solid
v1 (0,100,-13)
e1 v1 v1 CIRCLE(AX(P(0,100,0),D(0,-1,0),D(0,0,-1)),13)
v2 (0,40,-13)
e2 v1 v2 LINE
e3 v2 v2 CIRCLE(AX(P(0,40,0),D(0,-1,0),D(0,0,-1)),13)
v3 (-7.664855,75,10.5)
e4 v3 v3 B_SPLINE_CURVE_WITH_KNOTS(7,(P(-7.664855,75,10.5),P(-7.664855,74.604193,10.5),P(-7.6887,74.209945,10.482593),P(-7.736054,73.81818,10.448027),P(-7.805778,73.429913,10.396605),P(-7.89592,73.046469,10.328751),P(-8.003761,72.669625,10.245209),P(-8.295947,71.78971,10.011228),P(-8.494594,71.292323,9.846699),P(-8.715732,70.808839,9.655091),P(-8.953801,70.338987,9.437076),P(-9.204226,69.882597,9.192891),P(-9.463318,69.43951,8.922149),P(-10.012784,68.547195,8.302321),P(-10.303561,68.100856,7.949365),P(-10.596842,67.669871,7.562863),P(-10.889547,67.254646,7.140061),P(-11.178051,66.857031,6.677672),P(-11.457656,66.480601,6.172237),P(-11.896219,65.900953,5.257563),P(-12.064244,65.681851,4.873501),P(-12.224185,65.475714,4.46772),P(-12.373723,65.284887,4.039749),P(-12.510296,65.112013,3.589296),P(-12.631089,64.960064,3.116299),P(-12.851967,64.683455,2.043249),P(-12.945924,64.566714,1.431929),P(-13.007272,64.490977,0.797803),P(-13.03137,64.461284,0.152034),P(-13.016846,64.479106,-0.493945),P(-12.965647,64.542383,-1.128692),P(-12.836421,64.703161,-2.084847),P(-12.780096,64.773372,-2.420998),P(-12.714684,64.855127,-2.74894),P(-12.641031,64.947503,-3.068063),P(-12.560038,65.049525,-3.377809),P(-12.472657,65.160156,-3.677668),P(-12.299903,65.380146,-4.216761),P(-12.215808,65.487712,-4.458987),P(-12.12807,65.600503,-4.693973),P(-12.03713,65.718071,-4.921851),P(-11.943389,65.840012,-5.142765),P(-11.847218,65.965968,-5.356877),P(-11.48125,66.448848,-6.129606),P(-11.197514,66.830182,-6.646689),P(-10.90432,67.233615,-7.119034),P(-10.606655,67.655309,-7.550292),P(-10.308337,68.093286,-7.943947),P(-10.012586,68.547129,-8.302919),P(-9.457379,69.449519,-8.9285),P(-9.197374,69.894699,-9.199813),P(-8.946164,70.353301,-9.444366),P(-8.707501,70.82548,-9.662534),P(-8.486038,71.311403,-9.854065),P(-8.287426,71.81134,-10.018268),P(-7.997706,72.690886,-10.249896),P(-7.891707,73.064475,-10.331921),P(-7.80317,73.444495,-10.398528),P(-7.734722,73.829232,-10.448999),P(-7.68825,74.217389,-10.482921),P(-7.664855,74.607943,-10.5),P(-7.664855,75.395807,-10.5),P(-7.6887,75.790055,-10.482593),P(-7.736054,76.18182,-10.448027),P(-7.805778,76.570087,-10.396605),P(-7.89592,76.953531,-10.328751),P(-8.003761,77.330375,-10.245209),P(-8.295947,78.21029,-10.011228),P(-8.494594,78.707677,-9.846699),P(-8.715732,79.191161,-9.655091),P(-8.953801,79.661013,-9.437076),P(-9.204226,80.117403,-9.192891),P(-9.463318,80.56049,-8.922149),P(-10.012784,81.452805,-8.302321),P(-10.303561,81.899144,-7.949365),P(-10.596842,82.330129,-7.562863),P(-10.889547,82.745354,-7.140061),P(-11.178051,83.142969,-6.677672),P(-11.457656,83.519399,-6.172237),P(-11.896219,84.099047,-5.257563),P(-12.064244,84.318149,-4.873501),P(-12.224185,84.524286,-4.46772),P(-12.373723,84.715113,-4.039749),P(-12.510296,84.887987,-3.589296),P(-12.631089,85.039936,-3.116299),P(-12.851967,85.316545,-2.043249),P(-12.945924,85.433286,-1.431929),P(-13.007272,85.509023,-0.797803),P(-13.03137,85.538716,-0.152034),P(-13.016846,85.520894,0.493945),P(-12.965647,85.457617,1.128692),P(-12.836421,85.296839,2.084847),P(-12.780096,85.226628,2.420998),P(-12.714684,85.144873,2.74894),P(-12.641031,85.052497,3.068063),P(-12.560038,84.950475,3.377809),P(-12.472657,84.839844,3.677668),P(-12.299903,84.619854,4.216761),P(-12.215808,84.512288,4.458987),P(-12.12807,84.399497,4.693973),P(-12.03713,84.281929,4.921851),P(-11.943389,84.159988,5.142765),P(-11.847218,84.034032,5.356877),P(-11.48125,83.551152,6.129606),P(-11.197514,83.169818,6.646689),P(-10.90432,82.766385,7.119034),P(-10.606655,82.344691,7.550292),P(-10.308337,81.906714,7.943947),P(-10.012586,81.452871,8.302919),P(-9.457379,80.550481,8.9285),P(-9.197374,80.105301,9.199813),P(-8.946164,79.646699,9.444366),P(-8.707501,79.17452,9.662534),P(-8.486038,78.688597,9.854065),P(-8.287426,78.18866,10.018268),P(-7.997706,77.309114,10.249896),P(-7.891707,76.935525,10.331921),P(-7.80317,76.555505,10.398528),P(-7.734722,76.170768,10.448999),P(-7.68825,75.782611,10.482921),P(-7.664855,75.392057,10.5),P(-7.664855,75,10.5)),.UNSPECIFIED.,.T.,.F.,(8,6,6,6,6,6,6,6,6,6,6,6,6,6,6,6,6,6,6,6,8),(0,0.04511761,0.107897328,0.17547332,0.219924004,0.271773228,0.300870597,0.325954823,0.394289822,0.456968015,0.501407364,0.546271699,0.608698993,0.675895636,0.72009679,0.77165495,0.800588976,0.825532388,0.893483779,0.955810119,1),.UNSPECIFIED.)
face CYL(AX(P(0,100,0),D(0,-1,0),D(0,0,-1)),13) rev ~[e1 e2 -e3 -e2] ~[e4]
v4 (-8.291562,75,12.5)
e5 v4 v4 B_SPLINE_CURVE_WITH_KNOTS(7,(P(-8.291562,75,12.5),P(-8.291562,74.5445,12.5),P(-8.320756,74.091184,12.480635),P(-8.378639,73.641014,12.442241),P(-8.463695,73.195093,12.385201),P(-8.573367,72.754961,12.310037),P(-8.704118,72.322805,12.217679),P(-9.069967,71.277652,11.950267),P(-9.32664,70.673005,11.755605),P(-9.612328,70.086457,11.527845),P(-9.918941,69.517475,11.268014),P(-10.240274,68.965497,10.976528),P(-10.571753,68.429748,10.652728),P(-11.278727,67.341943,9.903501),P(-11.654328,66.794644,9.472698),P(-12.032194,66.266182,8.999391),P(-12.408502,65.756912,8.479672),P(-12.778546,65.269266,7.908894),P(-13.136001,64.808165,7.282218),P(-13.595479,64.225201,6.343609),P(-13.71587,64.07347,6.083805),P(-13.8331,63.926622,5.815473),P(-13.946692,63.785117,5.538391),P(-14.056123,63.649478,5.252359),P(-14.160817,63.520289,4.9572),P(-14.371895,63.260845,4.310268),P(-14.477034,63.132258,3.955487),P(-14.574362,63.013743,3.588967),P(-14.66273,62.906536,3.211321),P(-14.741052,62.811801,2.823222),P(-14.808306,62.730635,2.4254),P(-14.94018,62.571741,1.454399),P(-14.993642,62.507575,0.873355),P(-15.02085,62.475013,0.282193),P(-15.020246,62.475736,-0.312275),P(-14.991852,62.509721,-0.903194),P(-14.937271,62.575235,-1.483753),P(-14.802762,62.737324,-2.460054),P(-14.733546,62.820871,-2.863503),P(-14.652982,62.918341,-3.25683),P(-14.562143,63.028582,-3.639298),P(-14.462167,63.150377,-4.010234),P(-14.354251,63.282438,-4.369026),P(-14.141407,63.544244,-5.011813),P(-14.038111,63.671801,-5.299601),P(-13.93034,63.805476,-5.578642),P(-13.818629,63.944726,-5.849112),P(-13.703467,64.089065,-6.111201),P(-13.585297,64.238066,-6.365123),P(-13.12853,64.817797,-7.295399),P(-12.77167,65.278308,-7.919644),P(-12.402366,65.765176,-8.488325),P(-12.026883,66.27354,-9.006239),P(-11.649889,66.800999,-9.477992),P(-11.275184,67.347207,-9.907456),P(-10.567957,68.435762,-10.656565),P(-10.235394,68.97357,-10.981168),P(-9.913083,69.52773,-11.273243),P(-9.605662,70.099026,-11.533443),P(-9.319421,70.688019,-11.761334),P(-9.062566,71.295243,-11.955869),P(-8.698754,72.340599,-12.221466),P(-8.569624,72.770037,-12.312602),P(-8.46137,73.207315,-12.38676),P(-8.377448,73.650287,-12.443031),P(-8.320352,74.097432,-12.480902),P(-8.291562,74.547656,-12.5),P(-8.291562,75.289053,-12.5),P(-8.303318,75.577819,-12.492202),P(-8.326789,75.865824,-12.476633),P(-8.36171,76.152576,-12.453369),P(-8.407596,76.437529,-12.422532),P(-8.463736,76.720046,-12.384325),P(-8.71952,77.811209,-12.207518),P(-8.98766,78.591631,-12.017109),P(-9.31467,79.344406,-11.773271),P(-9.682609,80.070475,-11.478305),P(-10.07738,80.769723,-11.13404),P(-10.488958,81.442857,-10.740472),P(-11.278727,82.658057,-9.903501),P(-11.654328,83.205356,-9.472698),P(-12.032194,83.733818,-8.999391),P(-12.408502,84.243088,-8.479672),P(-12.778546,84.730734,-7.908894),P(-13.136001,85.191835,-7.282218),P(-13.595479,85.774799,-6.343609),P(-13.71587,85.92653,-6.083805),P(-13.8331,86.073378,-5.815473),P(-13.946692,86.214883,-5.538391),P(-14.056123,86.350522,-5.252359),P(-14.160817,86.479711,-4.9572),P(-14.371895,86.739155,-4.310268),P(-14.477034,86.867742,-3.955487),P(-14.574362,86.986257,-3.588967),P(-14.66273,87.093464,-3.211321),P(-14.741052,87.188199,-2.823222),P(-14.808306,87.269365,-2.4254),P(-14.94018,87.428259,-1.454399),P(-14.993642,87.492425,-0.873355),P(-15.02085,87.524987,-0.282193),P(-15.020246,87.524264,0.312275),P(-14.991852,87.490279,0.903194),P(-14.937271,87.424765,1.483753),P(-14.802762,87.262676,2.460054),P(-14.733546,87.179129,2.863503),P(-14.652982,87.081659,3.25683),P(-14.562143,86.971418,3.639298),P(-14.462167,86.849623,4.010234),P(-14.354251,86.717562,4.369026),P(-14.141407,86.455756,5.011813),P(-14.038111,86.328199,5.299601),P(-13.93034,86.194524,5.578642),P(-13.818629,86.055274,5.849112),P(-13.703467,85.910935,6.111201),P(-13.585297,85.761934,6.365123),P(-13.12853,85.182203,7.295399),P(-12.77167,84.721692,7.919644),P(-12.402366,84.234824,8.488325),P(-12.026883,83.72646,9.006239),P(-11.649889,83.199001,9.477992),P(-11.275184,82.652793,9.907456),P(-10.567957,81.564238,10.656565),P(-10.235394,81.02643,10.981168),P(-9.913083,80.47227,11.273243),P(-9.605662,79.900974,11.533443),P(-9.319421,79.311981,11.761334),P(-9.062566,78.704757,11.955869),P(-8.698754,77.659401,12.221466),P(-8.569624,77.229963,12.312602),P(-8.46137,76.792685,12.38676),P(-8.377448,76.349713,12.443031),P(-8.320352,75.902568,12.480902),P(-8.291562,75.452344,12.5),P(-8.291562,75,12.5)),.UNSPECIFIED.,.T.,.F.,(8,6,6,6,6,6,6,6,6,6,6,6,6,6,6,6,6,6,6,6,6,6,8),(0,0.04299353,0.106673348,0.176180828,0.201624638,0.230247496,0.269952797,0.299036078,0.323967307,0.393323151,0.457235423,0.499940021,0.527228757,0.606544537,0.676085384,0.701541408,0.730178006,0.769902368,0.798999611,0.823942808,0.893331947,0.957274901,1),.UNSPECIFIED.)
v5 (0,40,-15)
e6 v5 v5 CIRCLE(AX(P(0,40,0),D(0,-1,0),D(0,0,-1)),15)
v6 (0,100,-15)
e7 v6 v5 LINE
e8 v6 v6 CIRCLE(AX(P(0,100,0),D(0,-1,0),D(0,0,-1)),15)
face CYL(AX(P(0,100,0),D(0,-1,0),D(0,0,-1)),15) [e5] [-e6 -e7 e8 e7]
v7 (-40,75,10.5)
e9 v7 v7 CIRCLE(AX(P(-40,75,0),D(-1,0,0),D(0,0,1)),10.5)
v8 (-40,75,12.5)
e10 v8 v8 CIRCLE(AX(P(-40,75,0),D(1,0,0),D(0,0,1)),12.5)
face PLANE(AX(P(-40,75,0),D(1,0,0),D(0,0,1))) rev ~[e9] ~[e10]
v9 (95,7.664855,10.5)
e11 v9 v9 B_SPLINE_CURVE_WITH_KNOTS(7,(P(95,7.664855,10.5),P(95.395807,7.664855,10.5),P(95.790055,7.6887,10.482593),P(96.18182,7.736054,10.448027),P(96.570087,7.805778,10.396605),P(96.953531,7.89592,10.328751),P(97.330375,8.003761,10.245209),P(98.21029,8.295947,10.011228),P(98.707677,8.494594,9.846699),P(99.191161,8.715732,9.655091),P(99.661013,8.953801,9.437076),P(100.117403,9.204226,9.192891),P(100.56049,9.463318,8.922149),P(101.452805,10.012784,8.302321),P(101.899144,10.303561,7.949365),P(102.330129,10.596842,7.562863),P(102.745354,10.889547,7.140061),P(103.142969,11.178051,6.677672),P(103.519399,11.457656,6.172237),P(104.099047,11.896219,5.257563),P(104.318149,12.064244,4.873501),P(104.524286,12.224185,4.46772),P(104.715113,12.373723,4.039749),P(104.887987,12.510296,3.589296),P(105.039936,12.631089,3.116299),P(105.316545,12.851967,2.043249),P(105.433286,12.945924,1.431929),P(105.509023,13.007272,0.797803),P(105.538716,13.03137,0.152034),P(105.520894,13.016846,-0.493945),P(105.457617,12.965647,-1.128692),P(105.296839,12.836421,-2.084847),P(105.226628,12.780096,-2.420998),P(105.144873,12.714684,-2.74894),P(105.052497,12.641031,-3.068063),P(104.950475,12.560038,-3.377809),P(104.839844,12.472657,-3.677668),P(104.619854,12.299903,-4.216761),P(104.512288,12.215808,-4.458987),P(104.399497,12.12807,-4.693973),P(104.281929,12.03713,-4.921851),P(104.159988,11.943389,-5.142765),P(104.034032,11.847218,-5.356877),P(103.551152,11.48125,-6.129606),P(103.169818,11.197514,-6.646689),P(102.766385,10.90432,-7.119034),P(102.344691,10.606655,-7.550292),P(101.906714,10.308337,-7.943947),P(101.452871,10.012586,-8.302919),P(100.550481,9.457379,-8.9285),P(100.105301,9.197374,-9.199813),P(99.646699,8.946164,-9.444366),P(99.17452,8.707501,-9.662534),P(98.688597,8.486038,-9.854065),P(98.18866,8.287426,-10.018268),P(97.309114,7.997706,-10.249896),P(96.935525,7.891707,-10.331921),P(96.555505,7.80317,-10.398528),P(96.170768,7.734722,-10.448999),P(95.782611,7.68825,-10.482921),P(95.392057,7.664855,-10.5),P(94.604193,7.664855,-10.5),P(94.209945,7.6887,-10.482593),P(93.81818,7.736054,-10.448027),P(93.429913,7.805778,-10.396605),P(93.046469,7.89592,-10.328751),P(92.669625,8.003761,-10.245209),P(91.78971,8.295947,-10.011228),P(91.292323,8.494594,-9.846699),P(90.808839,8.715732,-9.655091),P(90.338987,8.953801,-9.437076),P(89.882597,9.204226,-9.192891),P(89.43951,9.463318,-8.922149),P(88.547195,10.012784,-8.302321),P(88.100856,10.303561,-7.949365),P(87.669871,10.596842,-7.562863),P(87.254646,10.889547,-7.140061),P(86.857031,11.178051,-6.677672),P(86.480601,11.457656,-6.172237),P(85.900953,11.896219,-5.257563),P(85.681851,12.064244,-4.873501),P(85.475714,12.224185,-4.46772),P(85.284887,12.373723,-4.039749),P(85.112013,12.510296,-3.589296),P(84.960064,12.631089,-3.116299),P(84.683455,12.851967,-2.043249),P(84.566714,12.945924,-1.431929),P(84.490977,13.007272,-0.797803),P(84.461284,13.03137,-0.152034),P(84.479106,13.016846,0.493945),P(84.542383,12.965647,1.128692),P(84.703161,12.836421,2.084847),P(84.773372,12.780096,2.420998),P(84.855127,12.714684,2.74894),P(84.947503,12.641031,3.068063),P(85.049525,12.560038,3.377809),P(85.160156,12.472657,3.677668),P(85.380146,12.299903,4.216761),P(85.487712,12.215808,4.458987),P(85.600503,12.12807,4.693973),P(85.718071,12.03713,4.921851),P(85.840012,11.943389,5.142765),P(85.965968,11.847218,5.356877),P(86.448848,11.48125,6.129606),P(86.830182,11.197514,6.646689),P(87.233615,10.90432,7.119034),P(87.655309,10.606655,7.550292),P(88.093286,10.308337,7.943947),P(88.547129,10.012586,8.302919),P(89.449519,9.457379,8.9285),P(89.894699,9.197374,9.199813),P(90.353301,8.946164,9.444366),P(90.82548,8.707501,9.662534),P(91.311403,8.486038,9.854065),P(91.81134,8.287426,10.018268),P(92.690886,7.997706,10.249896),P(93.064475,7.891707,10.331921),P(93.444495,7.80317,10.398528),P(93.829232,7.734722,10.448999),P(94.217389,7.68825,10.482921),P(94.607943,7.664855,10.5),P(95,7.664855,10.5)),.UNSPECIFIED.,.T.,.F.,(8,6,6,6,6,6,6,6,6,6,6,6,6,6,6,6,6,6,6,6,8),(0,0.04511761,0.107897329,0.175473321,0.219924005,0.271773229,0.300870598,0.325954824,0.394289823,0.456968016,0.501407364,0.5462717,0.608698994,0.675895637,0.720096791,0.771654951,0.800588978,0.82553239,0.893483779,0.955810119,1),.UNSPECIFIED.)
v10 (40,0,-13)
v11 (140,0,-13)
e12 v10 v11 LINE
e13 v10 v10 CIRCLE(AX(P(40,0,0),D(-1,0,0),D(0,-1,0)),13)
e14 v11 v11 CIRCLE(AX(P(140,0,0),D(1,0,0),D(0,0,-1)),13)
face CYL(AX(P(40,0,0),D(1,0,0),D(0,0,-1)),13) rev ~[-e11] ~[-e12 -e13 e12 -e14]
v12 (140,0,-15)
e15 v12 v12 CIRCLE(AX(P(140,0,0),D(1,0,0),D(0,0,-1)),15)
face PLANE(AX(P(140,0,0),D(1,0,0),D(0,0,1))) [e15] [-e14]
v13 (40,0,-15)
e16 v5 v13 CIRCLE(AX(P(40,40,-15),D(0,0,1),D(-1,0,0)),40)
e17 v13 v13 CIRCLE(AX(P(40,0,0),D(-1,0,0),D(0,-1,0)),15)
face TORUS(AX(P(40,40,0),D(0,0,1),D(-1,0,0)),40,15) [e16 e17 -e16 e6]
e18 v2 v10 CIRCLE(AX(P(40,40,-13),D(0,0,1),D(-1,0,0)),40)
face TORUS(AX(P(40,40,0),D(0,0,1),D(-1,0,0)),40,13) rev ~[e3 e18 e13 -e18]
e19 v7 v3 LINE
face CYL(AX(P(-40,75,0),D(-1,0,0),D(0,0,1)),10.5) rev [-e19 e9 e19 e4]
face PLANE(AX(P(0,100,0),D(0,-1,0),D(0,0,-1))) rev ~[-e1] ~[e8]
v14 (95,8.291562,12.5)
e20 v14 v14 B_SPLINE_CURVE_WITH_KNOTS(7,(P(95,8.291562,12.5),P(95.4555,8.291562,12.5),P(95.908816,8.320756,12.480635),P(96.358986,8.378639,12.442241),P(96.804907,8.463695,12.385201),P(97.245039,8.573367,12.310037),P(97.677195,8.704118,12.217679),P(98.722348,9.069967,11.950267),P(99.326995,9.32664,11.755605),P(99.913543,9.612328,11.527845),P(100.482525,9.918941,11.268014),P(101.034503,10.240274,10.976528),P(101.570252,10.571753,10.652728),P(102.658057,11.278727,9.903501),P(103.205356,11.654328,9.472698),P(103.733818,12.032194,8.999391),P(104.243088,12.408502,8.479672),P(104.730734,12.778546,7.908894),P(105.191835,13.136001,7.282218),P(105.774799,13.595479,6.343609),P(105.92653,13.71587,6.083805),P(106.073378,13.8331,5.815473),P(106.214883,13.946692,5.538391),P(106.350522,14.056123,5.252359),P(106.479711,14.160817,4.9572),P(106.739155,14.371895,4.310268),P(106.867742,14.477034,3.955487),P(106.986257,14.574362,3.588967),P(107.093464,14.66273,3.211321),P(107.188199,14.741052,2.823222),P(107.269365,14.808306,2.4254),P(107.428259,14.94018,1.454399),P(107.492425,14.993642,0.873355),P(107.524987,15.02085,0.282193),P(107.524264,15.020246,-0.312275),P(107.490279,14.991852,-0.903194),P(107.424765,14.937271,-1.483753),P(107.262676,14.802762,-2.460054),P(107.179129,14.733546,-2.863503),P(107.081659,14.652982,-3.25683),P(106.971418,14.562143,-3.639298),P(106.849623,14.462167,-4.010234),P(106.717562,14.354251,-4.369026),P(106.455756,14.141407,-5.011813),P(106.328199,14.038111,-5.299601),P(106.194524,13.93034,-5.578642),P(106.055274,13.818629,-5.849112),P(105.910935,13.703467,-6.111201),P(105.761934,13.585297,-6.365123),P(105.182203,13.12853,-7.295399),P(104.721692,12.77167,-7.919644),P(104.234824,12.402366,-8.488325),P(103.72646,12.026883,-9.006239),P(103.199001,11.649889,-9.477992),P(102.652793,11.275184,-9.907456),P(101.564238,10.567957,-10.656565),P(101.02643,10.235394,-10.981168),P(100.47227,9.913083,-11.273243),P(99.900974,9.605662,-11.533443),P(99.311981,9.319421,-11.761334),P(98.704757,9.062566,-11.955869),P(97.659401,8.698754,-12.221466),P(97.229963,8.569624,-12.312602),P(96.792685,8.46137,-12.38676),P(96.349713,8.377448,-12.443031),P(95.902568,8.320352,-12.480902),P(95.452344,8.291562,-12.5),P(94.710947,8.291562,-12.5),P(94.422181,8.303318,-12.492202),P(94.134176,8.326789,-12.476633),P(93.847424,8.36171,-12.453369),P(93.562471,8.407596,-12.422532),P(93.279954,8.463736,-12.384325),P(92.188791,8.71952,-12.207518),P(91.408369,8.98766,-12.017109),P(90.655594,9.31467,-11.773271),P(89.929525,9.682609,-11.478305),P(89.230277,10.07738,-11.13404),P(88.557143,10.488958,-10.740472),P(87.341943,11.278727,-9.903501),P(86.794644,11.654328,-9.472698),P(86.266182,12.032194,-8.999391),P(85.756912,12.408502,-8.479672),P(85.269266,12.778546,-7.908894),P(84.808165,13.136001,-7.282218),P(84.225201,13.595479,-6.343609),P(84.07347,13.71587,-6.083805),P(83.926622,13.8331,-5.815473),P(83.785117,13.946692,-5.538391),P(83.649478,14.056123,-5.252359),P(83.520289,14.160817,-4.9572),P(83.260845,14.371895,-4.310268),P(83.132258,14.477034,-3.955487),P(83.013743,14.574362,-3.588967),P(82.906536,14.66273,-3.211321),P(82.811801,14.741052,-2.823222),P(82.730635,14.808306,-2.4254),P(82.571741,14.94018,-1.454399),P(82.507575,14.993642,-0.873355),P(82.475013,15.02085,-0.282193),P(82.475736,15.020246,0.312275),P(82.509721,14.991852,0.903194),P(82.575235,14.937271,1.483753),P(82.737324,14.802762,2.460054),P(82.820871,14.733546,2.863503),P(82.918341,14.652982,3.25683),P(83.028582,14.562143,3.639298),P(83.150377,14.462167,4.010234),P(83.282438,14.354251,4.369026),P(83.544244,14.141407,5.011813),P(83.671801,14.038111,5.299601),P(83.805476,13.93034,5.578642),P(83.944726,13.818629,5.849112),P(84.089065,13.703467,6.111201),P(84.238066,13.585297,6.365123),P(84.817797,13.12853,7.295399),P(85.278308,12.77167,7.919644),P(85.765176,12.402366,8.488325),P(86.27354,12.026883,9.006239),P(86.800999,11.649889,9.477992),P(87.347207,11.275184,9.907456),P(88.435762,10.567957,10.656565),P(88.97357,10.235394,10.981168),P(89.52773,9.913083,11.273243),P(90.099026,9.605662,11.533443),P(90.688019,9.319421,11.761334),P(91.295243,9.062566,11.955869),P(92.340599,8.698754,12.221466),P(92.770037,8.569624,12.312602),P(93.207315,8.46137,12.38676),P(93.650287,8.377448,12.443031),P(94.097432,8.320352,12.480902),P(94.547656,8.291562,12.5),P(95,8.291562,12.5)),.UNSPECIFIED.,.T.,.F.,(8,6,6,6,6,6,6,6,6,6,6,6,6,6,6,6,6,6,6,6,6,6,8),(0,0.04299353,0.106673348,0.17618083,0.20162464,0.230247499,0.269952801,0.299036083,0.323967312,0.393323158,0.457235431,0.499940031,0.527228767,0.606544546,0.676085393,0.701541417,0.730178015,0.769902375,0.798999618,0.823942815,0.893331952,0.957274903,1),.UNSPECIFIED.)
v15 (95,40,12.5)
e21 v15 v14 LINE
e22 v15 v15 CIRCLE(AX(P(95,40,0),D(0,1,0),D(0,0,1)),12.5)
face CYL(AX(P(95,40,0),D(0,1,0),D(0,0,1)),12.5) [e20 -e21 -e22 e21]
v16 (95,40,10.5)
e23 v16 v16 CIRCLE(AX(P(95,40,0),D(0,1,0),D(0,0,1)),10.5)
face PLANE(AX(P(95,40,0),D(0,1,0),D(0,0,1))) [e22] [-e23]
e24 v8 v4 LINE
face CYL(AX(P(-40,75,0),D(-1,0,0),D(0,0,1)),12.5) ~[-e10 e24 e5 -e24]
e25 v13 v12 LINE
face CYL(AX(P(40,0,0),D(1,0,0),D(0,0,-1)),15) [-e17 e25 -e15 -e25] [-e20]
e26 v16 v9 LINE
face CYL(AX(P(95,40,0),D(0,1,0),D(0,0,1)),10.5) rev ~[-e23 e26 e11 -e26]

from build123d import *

# Parameters (mm, degrees)
SKETCH_2_R           = 15
EXTRUDE_1_REACH      = 155.052
EXTRUDE_1_END_RADIUS = 15
SKETCH_3_R           = 12.5
EXTRUDE_2_REACH      = 208.458
EXTRUDE_2_END_RADIUS = 15
SKETCH_4_R           = 12.5
SHELL_1_T            = -2


with BuildPart() as part:
    # 스윕1: sweep along a path in 스케치1
    with BuildLine(Plane.XY) as sweep_1_path:
        Line((0, 100), (0, 40))
        ThreePointArc((0, 40), (11.715728753, 11.715728753), (40, 0))
        Line((40, 0), (140, 0))
    # 스케치2 → 스윕1 (sweep)
    with BuildSketch(Plane(origin=(140, 0, 0), x_dir=(0, 0, -1), z_dir=(1, 0, 0))):
        Circle(SKETCH_2_R)
    sweep(path=sweep_1_path.line)

    # 보스-돌출1: up to this cylinder (the profile starts outside it)
    extrude_1_end = Plane(origin=(95, 0, 0), z_dir=(1, 0, 0)) * Cylinder(EXTRUDE_1_END_RADIUS, 341.104, mode=Mode.PRIVATE)
    # 스케치3 → 보스-돌출1 (add, up to the surface)
    with BuildSketch(Plane(origin=(0, 40, 0), x_dir=(1, 0, 0), z_dir=(0, 1, 0)), mode=Mode.PRIVATE) as extrude_1_sk1:
        with Locations(Location((95, 0, 0), (0, 0, 270))):
            Circle(SKETCH_3_R)
    extrude_1_tool1 = extrude(extrude_1_sk1.sketch, amount=-EXTRUDE_1_REACH, mode=Mode.PRIVATE) - extrude_1_end
    add(extrude_1_tool1.solids().sort_by_distance((95, 40, 0))[0])

    # 보스-돌출2: up to this cylinder (the profile starts outside it)
    extrude_2_end = Plane(origin=(0, 75, 0), z_dir=(0, -1, 0)) * Cylinder(EXTRUDE_2_END_RADIUS, 447.916, mode=Mode.PRIVATE)
    # 스케치4 → 보스-돌출2 (add, up to the surface)
    with BuildSketch(Plane(origin=(-40, 0, 0), x_dir=(0, 0, -1), z_dir=(1, 0, 0)), mode=Mode.PRIVATE) as extrude_2_sk1:
        with Locations(Location((0, 75, 0), (0, 0, 180))):
            Circle(SKETCH_4_R)
    extrude_2_tool1 = extrude(extrude_2_sk1.sketch, amount=EXTRUDE_2_REACH, mode=Mode.PRIVATE) - extrude_2_end
    add(extrude_2_tool1.solids().sort_by_distance((-40, 75, 0))[0])

    # 쉘1
    shell_1_openings = [part.faces().sort_by_distance(p)[0] for p in [
        (95, 40, 0),
        (-40, 75, 0),
        (140, 0, 0),
        (0, 100, 0),
    ]]
    offset(amount=SHELL_1_T, openings=shell_1_openings, kind=Kind.INTERSECTION)


solid = part.part
